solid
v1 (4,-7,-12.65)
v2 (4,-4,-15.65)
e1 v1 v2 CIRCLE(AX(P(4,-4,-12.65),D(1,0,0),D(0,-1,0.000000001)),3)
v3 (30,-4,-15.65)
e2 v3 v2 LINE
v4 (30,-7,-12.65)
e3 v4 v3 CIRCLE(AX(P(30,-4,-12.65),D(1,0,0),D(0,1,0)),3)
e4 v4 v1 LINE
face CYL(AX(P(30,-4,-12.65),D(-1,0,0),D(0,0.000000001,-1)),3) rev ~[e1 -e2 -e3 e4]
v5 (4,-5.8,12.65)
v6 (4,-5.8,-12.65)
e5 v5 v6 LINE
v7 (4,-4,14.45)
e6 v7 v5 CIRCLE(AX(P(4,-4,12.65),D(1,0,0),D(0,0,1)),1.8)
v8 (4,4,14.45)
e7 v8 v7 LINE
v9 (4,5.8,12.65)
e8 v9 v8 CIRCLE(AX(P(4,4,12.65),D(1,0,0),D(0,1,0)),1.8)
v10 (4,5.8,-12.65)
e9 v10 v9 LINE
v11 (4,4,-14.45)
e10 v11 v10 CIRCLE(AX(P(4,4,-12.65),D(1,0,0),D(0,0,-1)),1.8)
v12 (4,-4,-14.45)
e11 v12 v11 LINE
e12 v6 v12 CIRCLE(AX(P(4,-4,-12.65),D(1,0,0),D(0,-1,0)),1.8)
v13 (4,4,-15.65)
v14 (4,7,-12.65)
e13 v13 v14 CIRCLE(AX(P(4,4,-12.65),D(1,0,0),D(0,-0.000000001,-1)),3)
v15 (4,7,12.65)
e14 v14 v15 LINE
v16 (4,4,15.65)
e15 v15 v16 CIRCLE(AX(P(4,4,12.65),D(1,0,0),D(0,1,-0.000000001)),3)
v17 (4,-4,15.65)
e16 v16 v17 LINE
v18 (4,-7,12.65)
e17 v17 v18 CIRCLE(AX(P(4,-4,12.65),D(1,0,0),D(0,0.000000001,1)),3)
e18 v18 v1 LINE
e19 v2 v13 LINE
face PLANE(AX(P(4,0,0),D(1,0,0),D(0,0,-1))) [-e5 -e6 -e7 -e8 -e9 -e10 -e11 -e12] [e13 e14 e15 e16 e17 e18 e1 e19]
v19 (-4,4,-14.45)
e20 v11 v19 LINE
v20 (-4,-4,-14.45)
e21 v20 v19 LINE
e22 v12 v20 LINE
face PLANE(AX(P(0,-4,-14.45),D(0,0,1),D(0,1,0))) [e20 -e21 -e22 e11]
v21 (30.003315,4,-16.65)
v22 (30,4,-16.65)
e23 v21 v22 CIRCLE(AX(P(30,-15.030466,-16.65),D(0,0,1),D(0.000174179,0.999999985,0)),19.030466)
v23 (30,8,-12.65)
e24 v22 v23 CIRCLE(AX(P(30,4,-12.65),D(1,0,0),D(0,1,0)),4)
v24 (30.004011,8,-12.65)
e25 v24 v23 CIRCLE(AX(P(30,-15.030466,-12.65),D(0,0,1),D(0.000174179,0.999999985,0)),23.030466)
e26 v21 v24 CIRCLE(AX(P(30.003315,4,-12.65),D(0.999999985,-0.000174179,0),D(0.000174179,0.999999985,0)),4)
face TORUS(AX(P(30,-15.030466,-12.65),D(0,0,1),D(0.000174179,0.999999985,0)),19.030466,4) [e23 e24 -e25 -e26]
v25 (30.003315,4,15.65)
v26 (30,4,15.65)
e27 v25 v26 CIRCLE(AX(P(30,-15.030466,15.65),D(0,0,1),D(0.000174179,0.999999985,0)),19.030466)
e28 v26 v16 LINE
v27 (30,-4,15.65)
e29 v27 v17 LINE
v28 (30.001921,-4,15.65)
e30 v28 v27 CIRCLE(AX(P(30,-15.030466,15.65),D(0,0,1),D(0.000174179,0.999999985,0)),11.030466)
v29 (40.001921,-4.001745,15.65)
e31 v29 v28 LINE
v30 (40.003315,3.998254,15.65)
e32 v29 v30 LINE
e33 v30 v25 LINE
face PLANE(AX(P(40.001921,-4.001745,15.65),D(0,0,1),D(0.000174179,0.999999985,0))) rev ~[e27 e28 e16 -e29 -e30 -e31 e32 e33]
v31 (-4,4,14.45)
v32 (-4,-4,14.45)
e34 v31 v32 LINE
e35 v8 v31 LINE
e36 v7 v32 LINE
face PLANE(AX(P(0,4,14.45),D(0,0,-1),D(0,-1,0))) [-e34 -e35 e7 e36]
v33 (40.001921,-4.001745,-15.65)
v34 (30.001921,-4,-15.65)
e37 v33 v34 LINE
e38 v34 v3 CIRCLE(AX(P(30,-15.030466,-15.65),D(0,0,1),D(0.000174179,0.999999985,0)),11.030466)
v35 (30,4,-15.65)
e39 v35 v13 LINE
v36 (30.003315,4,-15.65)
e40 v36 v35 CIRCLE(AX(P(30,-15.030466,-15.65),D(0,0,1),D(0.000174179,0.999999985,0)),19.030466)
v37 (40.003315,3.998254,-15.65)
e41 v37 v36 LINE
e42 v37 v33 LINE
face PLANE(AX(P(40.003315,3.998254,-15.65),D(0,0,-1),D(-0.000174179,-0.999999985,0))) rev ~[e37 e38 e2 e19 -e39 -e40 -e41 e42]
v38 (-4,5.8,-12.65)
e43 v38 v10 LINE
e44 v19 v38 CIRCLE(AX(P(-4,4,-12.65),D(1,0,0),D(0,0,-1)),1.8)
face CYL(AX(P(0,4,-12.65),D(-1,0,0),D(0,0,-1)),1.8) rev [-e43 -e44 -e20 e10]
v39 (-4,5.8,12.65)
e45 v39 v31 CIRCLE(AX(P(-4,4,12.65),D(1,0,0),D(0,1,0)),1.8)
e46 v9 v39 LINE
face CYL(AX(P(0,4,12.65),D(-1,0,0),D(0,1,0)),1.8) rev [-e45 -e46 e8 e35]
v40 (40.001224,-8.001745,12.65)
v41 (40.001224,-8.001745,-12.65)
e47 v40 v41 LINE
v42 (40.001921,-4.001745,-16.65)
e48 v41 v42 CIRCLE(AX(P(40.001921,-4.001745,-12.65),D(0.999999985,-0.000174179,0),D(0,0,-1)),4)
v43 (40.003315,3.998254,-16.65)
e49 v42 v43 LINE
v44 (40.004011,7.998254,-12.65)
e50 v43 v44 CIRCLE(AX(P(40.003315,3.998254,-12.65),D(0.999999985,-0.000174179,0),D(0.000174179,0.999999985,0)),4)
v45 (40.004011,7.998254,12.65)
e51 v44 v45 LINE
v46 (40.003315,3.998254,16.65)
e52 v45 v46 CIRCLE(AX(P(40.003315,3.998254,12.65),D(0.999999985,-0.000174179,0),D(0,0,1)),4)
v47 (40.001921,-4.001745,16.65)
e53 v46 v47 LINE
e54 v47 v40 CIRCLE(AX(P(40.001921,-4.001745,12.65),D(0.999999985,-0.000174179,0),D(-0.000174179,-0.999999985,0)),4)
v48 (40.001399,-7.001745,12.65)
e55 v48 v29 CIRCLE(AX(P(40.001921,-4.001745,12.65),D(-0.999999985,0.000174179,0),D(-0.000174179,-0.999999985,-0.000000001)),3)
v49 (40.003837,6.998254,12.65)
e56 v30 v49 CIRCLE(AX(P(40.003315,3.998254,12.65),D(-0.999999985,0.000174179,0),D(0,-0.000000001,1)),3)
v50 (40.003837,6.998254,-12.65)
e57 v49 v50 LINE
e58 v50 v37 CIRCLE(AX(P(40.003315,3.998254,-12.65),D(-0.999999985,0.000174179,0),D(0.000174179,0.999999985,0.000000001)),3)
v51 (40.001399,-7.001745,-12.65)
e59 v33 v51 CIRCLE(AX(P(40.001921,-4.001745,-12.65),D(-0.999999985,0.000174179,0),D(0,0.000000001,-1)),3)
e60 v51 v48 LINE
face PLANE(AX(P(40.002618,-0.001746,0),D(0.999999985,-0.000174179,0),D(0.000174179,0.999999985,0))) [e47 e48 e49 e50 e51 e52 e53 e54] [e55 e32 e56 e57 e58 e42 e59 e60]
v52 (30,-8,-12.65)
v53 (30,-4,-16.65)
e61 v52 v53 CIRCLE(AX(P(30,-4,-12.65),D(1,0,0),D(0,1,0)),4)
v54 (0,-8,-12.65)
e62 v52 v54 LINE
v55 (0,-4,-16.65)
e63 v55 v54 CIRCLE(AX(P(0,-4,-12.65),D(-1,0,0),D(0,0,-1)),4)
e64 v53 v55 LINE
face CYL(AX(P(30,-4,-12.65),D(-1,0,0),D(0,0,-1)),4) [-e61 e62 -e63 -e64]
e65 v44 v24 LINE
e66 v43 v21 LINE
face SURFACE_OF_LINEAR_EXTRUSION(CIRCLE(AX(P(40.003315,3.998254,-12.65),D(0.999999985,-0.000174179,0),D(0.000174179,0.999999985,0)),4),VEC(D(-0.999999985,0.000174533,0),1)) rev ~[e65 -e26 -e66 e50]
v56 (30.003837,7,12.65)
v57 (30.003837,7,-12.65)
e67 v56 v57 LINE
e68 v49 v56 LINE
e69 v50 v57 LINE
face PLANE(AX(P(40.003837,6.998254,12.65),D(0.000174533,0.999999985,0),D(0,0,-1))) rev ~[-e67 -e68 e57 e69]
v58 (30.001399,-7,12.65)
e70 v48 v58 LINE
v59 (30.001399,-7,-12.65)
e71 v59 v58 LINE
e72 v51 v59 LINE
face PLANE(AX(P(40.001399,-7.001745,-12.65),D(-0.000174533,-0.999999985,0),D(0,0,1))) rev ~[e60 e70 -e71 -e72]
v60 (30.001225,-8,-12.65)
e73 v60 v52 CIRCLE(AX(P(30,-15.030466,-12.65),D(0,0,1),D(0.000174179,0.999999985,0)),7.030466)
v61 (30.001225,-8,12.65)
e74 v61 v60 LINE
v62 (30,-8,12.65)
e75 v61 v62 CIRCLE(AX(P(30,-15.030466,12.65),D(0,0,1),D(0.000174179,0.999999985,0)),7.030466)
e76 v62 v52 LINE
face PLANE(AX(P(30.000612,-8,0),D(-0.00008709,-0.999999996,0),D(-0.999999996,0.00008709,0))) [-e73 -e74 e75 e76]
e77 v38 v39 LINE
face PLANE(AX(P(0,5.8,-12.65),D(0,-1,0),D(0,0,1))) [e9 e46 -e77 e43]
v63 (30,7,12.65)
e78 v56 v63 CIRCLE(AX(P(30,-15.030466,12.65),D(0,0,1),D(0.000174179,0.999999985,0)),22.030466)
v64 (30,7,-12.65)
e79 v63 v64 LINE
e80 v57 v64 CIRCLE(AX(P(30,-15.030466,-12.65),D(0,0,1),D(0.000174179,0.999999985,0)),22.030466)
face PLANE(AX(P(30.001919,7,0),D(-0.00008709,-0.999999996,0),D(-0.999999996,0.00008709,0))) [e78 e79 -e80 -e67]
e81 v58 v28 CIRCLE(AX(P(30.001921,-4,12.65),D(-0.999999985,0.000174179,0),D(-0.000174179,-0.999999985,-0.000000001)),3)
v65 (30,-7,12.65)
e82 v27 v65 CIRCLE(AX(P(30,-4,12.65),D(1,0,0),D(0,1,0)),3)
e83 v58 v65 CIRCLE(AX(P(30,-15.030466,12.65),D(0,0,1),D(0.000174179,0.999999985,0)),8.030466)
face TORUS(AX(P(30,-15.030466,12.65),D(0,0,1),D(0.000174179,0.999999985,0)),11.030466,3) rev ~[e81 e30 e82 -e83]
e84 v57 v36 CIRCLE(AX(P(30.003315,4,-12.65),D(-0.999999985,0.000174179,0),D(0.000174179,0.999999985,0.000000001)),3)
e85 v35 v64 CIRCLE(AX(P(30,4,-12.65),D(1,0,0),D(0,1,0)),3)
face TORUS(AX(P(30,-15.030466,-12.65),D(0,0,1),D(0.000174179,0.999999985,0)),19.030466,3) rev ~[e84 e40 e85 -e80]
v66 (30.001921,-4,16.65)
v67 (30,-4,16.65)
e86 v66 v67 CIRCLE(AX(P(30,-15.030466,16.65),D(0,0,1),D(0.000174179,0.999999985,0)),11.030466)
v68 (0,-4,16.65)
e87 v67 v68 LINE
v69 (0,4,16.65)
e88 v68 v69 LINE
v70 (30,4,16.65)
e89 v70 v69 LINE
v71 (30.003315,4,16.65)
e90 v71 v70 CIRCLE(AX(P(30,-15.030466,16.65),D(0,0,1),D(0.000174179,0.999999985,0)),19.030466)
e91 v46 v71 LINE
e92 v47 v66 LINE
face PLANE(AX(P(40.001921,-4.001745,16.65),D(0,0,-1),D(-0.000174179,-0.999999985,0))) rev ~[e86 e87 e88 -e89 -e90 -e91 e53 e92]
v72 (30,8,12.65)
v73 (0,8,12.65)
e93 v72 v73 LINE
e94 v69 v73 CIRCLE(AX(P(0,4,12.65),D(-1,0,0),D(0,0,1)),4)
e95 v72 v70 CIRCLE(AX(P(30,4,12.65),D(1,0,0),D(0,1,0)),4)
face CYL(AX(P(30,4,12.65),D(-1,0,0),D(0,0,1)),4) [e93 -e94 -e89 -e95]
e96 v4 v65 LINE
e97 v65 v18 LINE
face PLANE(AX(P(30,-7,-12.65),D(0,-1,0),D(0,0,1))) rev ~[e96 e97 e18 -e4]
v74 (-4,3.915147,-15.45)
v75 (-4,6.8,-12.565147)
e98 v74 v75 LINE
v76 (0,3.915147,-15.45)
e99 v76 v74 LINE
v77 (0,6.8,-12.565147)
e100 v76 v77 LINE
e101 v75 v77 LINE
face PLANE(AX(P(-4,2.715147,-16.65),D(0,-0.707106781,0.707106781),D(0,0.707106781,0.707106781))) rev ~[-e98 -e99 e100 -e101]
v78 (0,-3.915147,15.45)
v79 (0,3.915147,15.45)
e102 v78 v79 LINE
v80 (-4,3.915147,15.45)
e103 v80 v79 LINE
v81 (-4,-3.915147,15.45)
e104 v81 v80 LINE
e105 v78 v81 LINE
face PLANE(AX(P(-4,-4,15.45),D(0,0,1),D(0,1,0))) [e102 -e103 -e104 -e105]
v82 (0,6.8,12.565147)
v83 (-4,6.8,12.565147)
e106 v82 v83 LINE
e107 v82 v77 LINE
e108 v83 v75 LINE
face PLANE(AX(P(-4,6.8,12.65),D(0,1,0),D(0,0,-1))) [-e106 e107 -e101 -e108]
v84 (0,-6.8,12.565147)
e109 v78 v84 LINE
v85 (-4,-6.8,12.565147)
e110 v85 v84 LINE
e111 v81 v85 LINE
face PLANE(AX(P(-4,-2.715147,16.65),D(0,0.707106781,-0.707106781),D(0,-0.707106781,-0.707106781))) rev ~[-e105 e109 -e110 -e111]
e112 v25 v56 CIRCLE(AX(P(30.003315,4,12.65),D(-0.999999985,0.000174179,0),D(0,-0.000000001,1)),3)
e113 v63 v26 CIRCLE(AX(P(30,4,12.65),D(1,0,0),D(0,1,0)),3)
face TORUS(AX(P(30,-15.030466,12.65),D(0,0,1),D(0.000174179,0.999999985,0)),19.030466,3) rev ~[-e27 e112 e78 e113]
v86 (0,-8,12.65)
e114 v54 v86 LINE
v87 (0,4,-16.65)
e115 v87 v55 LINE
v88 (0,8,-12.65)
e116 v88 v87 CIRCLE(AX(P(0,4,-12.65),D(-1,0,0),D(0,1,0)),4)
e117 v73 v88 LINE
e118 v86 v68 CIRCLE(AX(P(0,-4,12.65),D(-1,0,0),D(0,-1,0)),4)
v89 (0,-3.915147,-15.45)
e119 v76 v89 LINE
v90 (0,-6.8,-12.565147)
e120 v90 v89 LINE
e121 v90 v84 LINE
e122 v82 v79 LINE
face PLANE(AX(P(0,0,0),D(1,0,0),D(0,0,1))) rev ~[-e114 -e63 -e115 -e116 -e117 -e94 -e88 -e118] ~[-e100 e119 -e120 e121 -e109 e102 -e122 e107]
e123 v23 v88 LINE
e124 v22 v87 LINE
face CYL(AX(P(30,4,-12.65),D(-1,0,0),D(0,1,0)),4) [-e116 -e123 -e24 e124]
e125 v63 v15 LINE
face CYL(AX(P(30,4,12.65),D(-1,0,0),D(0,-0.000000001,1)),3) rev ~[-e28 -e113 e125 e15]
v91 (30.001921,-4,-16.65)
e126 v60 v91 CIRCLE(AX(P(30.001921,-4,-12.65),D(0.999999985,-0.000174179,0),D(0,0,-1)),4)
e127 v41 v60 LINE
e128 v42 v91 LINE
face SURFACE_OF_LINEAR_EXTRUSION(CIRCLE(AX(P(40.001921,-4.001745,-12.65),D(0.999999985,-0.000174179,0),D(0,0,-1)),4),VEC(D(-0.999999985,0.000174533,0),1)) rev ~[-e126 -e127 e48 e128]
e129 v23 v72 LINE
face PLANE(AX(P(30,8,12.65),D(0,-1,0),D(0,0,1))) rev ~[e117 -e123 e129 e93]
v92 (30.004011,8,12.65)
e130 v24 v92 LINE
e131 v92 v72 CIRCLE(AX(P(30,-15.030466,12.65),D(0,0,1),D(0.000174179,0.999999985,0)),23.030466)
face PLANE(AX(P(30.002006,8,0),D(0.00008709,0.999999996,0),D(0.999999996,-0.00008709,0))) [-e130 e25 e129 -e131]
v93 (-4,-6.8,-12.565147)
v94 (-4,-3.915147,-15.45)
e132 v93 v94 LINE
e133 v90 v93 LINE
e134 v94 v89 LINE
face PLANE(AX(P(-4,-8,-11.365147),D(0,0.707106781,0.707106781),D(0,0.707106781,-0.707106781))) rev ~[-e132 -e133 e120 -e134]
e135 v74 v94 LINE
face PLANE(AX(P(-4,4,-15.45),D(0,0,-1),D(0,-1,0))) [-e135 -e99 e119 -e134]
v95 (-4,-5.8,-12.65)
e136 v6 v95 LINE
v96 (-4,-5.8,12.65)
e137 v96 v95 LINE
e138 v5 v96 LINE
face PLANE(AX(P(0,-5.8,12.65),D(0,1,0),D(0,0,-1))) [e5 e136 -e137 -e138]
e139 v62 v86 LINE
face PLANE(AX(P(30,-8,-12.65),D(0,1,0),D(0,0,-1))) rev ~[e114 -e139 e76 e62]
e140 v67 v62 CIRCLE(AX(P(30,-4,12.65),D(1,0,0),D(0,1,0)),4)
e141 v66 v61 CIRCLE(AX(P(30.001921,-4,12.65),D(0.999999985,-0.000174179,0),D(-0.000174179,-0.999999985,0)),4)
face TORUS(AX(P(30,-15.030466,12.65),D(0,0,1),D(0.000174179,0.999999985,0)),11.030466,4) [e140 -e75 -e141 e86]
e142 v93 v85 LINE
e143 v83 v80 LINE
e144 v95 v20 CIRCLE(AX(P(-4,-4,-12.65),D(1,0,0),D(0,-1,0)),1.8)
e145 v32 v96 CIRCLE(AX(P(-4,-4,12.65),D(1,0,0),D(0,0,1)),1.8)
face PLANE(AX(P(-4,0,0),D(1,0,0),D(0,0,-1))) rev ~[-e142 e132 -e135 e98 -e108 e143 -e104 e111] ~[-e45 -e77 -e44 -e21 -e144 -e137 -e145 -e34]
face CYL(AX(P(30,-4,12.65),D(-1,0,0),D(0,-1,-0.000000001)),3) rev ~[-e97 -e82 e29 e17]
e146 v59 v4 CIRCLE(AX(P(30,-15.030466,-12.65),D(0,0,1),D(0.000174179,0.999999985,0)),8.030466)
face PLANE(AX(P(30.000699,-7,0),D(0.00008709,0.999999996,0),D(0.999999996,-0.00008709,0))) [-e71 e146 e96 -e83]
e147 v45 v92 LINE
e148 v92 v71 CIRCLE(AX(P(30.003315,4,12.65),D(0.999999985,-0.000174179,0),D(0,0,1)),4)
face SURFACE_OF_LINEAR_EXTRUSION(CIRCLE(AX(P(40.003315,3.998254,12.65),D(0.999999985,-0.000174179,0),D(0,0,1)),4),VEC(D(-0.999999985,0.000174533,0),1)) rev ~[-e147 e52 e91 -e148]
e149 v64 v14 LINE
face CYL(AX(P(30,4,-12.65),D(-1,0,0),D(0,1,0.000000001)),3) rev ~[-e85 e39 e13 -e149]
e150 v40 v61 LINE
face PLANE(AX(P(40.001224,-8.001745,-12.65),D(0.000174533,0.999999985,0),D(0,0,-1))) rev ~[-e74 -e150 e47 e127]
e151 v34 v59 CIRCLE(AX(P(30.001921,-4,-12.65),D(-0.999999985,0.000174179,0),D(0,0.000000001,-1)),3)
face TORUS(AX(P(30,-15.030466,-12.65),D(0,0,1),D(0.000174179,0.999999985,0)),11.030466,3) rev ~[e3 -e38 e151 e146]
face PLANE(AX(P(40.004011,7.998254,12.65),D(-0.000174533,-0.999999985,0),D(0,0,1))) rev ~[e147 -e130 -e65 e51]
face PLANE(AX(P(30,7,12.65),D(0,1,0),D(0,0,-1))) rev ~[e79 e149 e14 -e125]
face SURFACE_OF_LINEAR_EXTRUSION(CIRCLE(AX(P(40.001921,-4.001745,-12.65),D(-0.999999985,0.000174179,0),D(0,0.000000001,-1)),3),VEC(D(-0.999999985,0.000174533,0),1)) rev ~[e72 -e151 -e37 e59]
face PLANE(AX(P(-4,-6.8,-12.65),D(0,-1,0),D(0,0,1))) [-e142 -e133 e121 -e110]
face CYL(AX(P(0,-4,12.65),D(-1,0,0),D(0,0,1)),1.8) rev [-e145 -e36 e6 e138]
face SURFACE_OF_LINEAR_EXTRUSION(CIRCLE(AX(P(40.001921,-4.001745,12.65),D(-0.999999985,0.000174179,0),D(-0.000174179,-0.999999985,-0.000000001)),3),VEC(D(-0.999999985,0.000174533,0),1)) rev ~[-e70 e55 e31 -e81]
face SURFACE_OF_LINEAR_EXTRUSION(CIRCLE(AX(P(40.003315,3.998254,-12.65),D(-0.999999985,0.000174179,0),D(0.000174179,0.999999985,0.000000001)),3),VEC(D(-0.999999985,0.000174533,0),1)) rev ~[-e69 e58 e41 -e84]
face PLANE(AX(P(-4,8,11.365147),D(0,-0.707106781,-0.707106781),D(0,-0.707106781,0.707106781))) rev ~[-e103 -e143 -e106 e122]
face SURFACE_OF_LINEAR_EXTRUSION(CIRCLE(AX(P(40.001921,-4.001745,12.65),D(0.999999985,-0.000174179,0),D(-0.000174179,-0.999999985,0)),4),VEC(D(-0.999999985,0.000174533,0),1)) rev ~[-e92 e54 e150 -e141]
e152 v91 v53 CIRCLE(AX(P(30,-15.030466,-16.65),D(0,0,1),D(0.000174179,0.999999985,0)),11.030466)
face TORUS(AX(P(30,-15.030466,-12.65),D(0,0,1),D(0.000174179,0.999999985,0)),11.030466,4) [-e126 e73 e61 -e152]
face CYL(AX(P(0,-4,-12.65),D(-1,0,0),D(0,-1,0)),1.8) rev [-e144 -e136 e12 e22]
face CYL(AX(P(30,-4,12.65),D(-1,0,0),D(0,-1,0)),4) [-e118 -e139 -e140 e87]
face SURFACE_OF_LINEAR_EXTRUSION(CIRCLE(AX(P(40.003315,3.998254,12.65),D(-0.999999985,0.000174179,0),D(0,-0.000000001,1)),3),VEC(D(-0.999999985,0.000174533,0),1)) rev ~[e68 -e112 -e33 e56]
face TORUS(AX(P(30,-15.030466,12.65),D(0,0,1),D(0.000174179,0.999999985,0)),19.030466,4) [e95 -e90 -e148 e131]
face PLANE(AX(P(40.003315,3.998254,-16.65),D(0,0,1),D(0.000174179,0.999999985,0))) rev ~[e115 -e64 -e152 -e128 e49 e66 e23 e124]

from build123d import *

# Parameters (mm, degrees)
BOSS_EXTRUDE7_DEPTH        = 4
CUT_EXTRUDE1_DEPTH         = 4
CUT_EXTRUDE5_SCIECIA_DEPTH = 4


with BuildPart() as part:
    # Sweep1: sweep along a path in Sketch2path
    with BuildLine(Plane.XY) as sweep1_path:
        Line((40.002617842, -0.001745558), (30.002617994, -2.28e-07))
        ThreePointArc((30.002617994, -2.28e-07), (30.001308997, -5.7e-08), (30, 0))
        Line((30, 0), (0, 0))
    # Sketch3 → Sweep1 (sweep)
    with BuildSketch(Plane(origin=(0, 0, 0), x_dir=(0, 0, -1), z_dir=(1, 0, 0))):
        with BuildLine():
            Line((-16.65, -4), (-16.65, 4))
            ThreePointArc((-16.65, 4), (-15.478427125, 6.828427125), (-12.65, 8))
            Line((-12.65, 8), (12.65, 8))
            ThreePointArc((12.65, 8), (15.478427125, 6.828427125), (16.65, 4))
            Line((16.65, 4), (16.65, -4))
            ThreePointArc((16.65, -4), (15.478427125, -6.828427125), (12.65, -8))
            Line((12.65, -8), (-12.65, -8))
            ThreePointArc((-12.65, -8), (-15.478427125, -6.828427125), (-16.65, -4))
        make_face()
        with BuildLine():
            Line((-15.65, -4), (-15.65, 4))
            ThreePointArc((-15.65, 4), (-14.771320344, 6.121320344), (-12.65, 7))
            Line((-12.65, 7), (12.65, 7))
            ThreePointArc((12.65, 7), (14.771320344, 6.121320344), (15.65, 4))
            Line((15.65, 4), (15.65, -4))
            ThreePointArc((15.65, -4), (14.771320344, -6.121320344), (12.65, -7))
            Line((12.65, -7), (-12.65, -7))
            ThreePointArc((-12.65, -7), (-14.771320344, -6.121320344), (-15.65, -4))
        make_face(mode=Mode.SUBTRACT)
    sweep(path=sweep1_path.line)

    # Sketch14 → Boss-Extrude7 (add, symmetric)
    with BuildSketch(Plane.ZY):
        with BuildLine():
            Line((-15.65, -4), (-15.65, 4))
            ThreePointArc((-15.65, 4), (-14.771320344, 6.121320344), (-12.65, 7))
            Line((-12.65, 7), (12.65, 7))
            ThreePointArc((12.65, 7), (14.771320344, 6.121320344), (15.65, 4))
            Line((15.65, 4), (15.65, -4))
            ThreePointArc((15.65, -4), (14.771320344, -6.121320344), (12.65, -7))
            Line((12.65, -7), (-12.65, -7))
            ThreePointArc((-12.65, -7), (-14.771320344, -6.121320344), (-15.65, -4))
        make_face()
        with BuildLine():
            Line((-12.65, 5.8), (12.65, 5.8))
            ThreePointArc((12.65, 5.8), (13.922792206, 5.272792206), (14.45, 4))
            Line((14.45, 4), (14.45, -4))
            ThreePointArc((14.45, -4), (13.922792206, -5.272792206), (12.65, -5.8))
            Line((12.65, -5.8), (-12.65, -5.8))
            ThreePointArc((-12.65, -5.8), (-13.922792206, -5.272792206), (-14.45, -4))
            Line((-14.45, -4), (-14.45, 4))
            ThreePointArc((-14.45, 4), (-13.922792206, 5.272792206), (-12.65, 5.8))
        make_face(mode=Mode.SUBTRACT)
    extrude(amount=BOSS_EXTRUDE7_DEPTH, both=True)

    # Sketch15 → Cut-Extrude1 (cut)
    with BuildSketch(Plane.ZY.offset(4)):
        with BuildLine():
            Line((-12.65, -7), (12.65, -7))
            ThreePointArc((12.65, -7), (14.771320344, -6.121320344), (15.65, -4))
            Line((15.65, -4), (15.65, 4))
            ThreePointArc((15.65, 4), (14.771320344, 6.121320344), (12.65, 7))
            Line((12.65, 7), (-12.65, 7))
            ThreePointArc((-12.65, 7), (-14.771320344, 6.121320344), (-15.65, 4))
            Line((-15.65, 4), (-15.65, -4))
            ThreePointArc((-15.65, -4), (-14.771320344, -6.121320344), (-12.65, -7))
        make_face()
        with BuildLine():
            Line((-15.45, 4), (-15.45, -4))
            ThreePointArc((-15.45, -4), (-14.629898987, -5.979898987), (-12.65, -6.8))
            Line((-12.65, -6.8), (12.65, -6.8))
            ThreePointArc((12.65, -6.8), (14.629898987, -5.979898987), (15.45, -4))
            Line((15.45, -4), (15.45, 4))
            ThreePointArc((15.45, 4), (14.629898987, 5.979898987), (12.65, 6.8))
            Line((12.65, 6.8), (-12.65, 6.8))
            ThreePointArc((-12.65, 6.8), (-14.629898987, 5.979898987), (-15.45, 4))
        make_face(mode=Mode.SUBTRACT)
    extrude(amount=-CUT_EXTRUDE1_DEPTH, mode=Mode.SUBTRACT)

    # Sketch20 → Cut-Extrude5 sciecia (cut)
    with BuildSketch(Plane.ZY.offset(4)):
        with BuildLine():
            Line((16.65, 2.715147186), (16.65, 4))
            ThreePointArc((16.65, 4), (15.478427125, 6.828427125), (12.65, 8))
            Line((12.65, 8), (11.365147186, 8))
            Line((11.365147186, 8), (16.65, 2.715147186))
        make_face()
        with BuildLine():
            Line((-11.365147186, 8), (-12.65, 8))
            ThreePointArc((-12.65, 8), (-15.478427125, 6.828427125), (-16.65, 4))
            Line((-16.65, 4), (-16.65, 2.715147186))
            Line((-16.65, 2.715147186), (-11.365147186, 8))
        make_face()
        with BuildLine():
            Line((11.365147186, -8), (12.65, -8))
            ThreePointArc((12.65, -8), (15.478427125, -6.828427125), (16.65, -4))
            Line((16.65, -4), (16.65, -2.715147186))
            Line((16.65, -2.715147186), (11.365147186, -8))
        make_face()
        with BuildLine():
            Line((-16.65, -2.715147186), (-16.65, -4))
            ThreePointArc((-16.65, -4), (-15.478427125, -6.828427125), (-12.65, -8))
            Line((-12.65, -8), (-11.365147186, -8))
            Line((-11.365147186, -8), (-16.65, -2.715147186))
        make_face()
    extrude(amount=-CUT_EXTRUDE5_SCIECIA_DEPTH, mode=Mode.SUBTRACT)


solid = part.part
